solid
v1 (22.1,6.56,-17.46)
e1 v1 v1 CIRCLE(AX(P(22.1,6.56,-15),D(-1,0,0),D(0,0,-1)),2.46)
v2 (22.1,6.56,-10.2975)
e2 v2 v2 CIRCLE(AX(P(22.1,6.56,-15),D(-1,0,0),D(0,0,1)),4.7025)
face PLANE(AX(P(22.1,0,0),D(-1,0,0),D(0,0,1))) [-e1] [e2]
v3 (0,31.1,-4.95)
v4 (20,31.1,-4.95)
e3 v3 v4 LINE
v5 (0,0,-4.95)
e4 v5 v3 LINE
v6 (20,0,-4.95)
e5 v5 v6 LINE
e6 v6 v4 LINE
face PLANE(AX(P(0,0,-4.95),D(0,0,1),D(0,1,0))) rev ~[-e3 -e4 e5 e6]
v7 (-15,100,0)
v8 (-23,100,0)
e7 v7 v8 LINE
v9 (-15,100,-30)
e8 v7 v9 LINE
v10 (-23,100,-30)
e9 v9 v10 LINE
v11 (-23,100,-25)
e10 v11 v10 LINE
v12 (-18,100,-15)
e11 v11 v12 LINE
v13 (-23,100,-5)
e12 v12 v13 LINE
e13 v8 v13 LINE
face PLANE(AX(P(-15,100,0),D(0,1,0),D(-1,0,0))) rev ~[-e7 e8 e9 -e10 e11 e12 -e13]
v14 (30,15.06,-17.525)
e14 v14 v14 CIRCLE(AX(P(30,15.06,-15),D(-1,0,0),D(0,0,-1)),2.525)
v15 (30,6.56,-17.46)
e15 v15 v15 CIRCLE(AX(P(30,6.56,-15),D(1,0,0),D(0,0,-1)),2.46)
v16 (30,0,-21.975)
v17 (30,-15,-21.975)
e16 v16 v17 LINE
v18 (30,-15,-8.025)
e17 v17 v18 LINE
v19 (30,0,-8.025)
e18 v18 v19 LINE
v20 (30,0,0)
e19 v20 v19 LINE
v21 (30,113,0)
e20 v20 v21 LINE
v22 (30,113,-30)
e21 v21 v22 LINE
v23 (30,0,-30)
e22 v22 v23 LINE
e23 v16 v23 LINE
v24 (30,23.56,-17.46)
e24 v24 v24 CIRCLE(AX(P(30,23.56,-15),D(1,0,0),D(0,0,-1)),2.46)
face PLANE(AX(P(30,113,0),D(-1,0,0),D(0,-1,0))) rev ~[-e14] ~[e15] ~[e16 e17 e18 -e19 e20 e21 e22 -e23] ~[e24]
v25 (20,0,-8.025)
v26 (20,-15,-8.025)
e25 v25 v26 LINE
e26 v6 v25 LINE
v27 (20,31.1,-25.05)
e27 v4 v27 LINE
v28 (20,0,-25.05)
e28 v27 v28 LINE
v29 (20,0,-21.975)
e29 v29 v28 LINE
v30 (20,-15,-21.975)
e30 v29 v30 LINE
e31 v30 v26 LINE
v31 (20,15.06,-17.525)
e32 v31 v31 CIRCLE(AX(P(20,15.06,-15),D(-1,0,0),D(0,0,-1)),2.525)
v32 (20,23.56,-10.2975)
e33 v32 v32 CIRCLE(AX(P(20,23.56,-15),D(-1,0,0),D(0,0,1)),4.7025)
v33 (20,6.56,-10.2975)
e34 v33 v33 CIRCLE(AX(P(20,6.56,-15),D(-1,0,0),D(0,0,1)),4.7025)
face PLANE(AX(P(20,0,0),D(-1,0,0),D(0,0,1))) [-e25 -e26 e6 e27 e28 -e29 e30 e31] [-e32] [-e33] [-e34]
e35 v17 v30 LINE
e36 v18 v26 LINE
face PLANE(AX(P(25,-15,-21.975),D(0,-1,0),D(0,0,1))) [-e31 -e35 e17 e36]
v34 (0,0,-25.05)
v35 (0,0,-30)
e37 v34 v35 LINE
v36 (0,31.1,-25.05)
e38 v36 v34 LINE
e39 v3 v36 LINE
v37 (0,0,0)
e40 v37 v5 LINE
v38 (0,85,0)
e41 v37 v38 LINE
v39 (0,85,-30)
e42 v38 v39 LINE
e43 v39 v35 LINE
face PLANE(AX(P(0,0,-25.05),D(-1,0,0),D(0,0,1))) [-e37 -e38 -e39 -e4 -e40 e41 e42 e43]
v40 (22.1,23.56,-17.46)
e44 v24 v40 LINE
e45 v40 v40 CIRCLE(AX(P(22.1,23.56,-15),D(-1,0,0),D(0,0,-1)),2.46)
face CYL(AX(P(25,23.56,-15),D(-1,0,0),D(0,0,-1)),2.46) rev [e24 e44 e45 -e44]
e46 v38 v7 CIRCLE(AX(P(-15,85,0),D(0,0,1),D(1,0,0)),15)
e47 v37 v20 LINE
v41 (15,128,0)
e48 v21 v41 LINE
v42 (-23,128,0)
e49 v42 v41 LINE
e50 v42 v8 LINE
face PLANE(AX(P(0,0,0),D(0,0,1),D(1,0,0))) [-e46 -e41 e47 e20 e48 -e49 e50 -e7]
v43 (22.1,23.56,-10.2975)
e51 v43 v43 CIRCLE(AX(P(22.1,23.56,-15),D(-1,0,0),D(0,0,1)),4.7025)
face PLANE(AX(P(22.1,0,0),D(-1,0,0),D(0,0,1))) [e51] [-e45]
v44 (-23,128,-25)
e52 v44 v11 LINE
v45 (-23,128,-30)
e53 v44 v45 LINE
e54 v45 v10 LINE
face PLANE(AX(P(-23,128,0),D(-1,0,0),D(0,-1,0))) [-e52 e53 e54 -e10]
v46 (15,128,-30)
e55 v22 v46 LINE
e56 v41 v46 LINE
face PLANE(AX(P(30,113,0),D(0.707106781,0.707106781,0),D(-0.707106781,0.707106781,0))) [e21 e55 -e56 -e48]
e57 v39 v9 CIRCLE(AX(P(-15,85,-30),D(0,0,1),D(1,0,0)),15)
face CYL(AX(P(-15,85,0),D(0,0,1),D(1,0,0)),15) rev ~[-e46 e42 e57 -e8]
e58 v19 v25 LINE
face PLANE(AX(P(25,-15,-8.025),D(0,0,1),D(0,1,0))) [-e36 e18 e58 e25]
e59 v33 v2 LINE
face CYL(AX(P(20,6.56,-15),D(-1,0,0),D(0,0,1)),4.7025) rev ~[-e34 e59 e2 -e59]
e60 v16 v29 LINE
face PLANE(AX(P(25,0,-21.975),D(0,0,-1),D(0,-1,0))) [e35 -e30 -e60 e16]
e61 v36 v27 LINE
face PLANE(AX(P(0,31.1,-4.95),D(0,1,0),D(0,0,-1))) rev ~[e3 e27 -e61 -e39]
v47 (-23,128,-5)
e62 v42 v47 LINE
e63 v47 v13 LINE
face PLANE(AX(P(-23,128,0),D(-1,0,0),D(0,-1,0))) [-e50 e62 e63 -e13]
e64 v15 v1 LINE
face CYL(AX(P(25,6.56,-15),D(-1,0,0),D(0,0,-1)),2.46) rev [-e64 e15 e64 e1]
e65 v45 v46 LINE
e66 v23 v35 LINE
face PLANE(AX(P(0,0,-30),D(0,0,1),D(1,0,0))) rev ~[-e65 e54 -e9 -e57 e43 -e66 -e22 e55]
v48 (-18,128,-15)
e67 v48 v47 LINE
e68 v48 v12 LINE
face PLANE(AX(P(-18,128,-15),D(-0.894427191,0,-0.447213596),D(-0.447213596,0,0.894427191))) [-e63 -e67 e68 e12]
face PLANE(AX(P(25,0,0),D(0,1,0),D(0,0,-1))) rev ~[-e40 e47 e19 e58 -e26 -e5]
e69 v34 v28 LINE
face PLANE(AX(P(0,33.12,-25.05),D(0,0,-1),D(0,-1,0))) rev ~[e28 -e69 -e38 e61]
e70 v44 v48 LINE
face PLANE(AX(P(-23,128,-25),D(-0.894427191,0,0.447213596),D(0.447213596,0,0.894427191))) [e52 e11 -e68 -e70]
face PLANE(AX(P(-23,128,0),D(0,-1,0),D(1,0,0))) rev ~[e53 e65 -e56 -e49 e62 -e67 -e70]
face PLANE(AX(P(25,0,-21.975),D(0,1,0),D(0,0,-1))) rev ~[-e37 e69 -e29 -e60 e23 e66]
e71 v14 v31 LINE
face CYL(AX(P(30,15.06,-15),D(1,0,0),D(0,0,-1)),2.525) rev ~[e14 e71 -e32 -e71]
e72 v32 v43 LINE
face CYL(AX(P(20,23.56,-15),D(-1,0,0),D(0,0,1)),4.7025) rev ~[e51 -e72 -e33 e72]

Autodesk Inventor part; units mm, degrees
ref_plane "YZ Plane" through (0, 0, 0) normal (1, 0, 0) x (0, 1, 0)
ref_plane "XZ Plane" through (0, 0, 0) normal (0, 1, 0) x (-1, 0, 0)
ref_plane "XY Plane" through (0, 0, 0) normal (0, 0, 1) x (1, 0, 0)
sketch "Sketch1" plane through (0, 0, 0) normal (0, 0, 1) x (1, 0, 0)
  line L0 (0, 0) -> (25, 0)
  line L1 (25, 0) -> (25, 40)
  line L2 (25, 40) -> (0, 40)
  line L3 (0, 40) -> (0, 0)
  dimension "d1" = 25
  dimension "d2" = 40
  dimension "d3" = 25
extrude "Extrusion1" add sketch "Sketch1" against normal blind 30
sketch "Sketch2" plane through (25, 0, 0) normal (1, 0, 0) x (0, 0, -1)
  line L0 (0, 0) -> (30, 0) projected
  circle A0 centre (15, 6.56) radius 2.46
extrude "Extrusion2" cut sketch "Sketch2" against normal blind 30
sketch "Sketch3" plane through (0, 0, 0) normal (-1, 0, 0) x (0, 0, 1)
  line L0 (0, 0) -> (-30, 0) projected
  line L1 (-25.05, 0) -> (-4.95, 0)
  line L2 (-4.95, 0) -> (-4.95, 33.12)
  line L3 (-4.95, 33.12) -> (-25.05, 33.12)
  line L4 (-25.05, 33.12) -> (-25.05, 0)
  dimension "d11" = 20.1
extrude "Extrusion3" cut sketch "Sketch3" against normal blind 20
sketch "Sketch4" plane through (0, 0, 0) normal (0, -1, 0) x (1, 0, 0)
  line L0 (20, -4.95) -> (20, -25.05) projected
  line L1 (20, -15) -> (25, -15)
  line L2 (25, 0) -> (25, -30) projected
  line L3 (20, -8.025) -> (25, -8.025)
  line L4 (25, -8.025) -> (25, -21.975)
  line L5 (25, -21.975) -> (20, -21.975)
  line L6 (20, -21.975) -> (20, -8.025)
  line L7 (20, -8.025) -> (25, -21.975) construction
  line L8 (25, -8.025) -> (20, -21.975) construction
  line L9 (25, -12.54) -> (25, -17.46) projected
  point P0 (0, 0)
  point P1 (22.5, -15)
  dimension "d14" = 13.95
extrude "Extrusion4" add sketch "Sketch4" along normal blind 15
sketch "Sketch5" plane through (20, 0, 0) normal (-1, 0, 0) x (0, 0, 1)
  circle A0 centre (-15, 6.56) radius 2.46 projected
  circle A1 centre (-15, 6.56) radius 4.7025
  circle A2 centre (-15, 6.56) radius 2.46 projected
  circle A3 centre (-15, 6.56) radius 2.46
  point P0 (0, 0)
  dimension "d17" = 9.405
extrude "Extrusion5" cut sketch "Sketch5" against normal blind 2.1
sketch "Sketch6" plane through (25, 0, 0) normal (1, 0, 0) x (0, 0, -1)
  circle A0 centre (15, 6.56) radius 4.7025 projected
  line L0 (15, 6.56) -> (15, 23.56)
  circle A1 centre (15, 23.56) radius 2.46
  point P0 (0, 0)
  dimension "d20" = 17
  dimension "d21" = 4.92
extrude "Extrusion6" cut sketch "Sketch6" against normal blind 10 contours A1
sketch "Sketch7" plane through (20, 0, 0) normal (-1, 0, 0) x (0, 0, 1)
  circle A0 centre (-15, 23.56) radius 2.46 projected
  circle A1 centre (-15, 23.56) radius 4.7025
  point P0 (0, 0)
  dimension "d24" = 9.405
extrude "Extrusion7" cut sketch "Sketch7" against normal blind 2.1
sketch "Sketch9" plane through (25, 0, 0) normal (1, 0, 0) x (0, 0, -1)
  circle A0 centre (15, 6.56) radius 2.46 projected
  circle A1 centre (15, 6.56) radius 2.46
  circle A2 centre (15, 23.56) radius 2.46 projected
  circle A3 centre (15, 23.56) radius 2.46
  line L0 (30, 40) -> (30, 0) projected
  line L1 (30, 0) -> (30, 40)
  line L2 (30, 40) -> (0, 40)
  line L3 (0, 40) -> (0, 0)
  line L4 (0, 0) -> (8.025, 0) projected
  line L5 (21.975, 0) -> (21.975, -15)
  line L6 (21.975, -15) -> (8.025, -15)
  line L7 (8.025, -15) -> (8.025, 0)
  line L8 (0, 0) -> (8.025, 0)
  line L9 (21.975, 0) -> (30, 0)
extrude "Extrusion8" add sketch "Sketch9" along normal blind 5
sketch "Sketch10" plane through (0, 40, 0) normal (0, 1, 0) x (1, 0, 0)
  line L0 (0, 30) -> (30, 30) projected
  line L1 (30, 0) -> (0, 0) projected
  line L2 (0, 30) -> (30, 30)
  line L3 (30, 30) -> (30, 0)
  line L4 (30, 0) -> (0, 0)
  line L5 (0, 0) -> (0, 30)
extrude "Extrusion9" add sketch "Sketch10" along normal blind 30
sketch "Sketch12" plane through (30, 0, 0) normal (1, 0, 0) x (0, 0, -1)
  circle A0 centre (15, 6.56) radius 2.46 projected
  line L0 (15, 6.56) -> (15, 15.06)
  circle A1 centre (15, 15.06) radius 2.525
  point P0 (0, 0)
  dimension "d31" = 8.5
  dimension "d33" = 5.05
extrude "Extrusion10" cut sketch "Sketch12" against normal blind 30 contours A1
sketch "Sketch14" plane through (0, 0, 0) normal (0, 0, 1) x (1, 0, 0)
  line L0 (30, 70) -> (0, 70) projected
  line L1 (0, 70) -> (0, 85)
  line L2 (-15, 100) -> (-23, 100)
  line L3 (30, 0) -> (30, 70) projected
  line L4 (30, 113) -> (30, 70)
  arc A0 (0, 85) -> (-15, 100) centre (-15, 85) ccw
  line L5 (30, 105) -> (30, 100)
  line L6 (-23, 128) -> (15, 128)
  line L7 (30, 113) -> (15, 128)
  line L8 (-23, 128) -> (-23, 100)
  point P0 (0, 0)
  point P1 (0, 100)
  dimension "d47" = 30
  dimension "d54" = 15
  dimension "d69" = 28
extrude "Extrusion12" add sketch "Sketch14" against normal blind 30
sketch "Sketch15" plane through (0, 0, -25.05) normal (-1, 0, 0) x (0, 0, 1)
  line L0 (0, 33.12) -> (20.1, 33.12) projected
  line L1 (20.1, 33.12) -> (20.1, 0) projected
  line L2 (0, 33.12) -> (20.1, 33.12)
  line L3 (20.1, 33.12) -> (20.1, 31.1)
  line L4 (20.1, 31.1) -> (0, 31.1)
  line L5 (0, 31.1) -> (0, 33.12)
  point P0 (25.05, 0)
  dimension "d57" = 2.02
extrude "Extrusion13" add sketch "Sketch15" against normal blind 20
sketch "Sketch21" plane through (-23, 128, 0) normal (0, 1, 0) x (1, 0, 0)
  line L0 (0, 0) -> (0, 30) projected
  line L1 (0, 15) -> (0, 5)
  line L2 (0, 25) -> (0, 15)
  line L3 (0, 25) -> (5, 15)
  line L4 (5, 15) -> (0, 5)
  point P0 (23, 0)
  dimension "d82" = 10
extrude "Extrusion15" cut sketch "Sketch21" against normal through all
properties part number "orien_b_15mm"
